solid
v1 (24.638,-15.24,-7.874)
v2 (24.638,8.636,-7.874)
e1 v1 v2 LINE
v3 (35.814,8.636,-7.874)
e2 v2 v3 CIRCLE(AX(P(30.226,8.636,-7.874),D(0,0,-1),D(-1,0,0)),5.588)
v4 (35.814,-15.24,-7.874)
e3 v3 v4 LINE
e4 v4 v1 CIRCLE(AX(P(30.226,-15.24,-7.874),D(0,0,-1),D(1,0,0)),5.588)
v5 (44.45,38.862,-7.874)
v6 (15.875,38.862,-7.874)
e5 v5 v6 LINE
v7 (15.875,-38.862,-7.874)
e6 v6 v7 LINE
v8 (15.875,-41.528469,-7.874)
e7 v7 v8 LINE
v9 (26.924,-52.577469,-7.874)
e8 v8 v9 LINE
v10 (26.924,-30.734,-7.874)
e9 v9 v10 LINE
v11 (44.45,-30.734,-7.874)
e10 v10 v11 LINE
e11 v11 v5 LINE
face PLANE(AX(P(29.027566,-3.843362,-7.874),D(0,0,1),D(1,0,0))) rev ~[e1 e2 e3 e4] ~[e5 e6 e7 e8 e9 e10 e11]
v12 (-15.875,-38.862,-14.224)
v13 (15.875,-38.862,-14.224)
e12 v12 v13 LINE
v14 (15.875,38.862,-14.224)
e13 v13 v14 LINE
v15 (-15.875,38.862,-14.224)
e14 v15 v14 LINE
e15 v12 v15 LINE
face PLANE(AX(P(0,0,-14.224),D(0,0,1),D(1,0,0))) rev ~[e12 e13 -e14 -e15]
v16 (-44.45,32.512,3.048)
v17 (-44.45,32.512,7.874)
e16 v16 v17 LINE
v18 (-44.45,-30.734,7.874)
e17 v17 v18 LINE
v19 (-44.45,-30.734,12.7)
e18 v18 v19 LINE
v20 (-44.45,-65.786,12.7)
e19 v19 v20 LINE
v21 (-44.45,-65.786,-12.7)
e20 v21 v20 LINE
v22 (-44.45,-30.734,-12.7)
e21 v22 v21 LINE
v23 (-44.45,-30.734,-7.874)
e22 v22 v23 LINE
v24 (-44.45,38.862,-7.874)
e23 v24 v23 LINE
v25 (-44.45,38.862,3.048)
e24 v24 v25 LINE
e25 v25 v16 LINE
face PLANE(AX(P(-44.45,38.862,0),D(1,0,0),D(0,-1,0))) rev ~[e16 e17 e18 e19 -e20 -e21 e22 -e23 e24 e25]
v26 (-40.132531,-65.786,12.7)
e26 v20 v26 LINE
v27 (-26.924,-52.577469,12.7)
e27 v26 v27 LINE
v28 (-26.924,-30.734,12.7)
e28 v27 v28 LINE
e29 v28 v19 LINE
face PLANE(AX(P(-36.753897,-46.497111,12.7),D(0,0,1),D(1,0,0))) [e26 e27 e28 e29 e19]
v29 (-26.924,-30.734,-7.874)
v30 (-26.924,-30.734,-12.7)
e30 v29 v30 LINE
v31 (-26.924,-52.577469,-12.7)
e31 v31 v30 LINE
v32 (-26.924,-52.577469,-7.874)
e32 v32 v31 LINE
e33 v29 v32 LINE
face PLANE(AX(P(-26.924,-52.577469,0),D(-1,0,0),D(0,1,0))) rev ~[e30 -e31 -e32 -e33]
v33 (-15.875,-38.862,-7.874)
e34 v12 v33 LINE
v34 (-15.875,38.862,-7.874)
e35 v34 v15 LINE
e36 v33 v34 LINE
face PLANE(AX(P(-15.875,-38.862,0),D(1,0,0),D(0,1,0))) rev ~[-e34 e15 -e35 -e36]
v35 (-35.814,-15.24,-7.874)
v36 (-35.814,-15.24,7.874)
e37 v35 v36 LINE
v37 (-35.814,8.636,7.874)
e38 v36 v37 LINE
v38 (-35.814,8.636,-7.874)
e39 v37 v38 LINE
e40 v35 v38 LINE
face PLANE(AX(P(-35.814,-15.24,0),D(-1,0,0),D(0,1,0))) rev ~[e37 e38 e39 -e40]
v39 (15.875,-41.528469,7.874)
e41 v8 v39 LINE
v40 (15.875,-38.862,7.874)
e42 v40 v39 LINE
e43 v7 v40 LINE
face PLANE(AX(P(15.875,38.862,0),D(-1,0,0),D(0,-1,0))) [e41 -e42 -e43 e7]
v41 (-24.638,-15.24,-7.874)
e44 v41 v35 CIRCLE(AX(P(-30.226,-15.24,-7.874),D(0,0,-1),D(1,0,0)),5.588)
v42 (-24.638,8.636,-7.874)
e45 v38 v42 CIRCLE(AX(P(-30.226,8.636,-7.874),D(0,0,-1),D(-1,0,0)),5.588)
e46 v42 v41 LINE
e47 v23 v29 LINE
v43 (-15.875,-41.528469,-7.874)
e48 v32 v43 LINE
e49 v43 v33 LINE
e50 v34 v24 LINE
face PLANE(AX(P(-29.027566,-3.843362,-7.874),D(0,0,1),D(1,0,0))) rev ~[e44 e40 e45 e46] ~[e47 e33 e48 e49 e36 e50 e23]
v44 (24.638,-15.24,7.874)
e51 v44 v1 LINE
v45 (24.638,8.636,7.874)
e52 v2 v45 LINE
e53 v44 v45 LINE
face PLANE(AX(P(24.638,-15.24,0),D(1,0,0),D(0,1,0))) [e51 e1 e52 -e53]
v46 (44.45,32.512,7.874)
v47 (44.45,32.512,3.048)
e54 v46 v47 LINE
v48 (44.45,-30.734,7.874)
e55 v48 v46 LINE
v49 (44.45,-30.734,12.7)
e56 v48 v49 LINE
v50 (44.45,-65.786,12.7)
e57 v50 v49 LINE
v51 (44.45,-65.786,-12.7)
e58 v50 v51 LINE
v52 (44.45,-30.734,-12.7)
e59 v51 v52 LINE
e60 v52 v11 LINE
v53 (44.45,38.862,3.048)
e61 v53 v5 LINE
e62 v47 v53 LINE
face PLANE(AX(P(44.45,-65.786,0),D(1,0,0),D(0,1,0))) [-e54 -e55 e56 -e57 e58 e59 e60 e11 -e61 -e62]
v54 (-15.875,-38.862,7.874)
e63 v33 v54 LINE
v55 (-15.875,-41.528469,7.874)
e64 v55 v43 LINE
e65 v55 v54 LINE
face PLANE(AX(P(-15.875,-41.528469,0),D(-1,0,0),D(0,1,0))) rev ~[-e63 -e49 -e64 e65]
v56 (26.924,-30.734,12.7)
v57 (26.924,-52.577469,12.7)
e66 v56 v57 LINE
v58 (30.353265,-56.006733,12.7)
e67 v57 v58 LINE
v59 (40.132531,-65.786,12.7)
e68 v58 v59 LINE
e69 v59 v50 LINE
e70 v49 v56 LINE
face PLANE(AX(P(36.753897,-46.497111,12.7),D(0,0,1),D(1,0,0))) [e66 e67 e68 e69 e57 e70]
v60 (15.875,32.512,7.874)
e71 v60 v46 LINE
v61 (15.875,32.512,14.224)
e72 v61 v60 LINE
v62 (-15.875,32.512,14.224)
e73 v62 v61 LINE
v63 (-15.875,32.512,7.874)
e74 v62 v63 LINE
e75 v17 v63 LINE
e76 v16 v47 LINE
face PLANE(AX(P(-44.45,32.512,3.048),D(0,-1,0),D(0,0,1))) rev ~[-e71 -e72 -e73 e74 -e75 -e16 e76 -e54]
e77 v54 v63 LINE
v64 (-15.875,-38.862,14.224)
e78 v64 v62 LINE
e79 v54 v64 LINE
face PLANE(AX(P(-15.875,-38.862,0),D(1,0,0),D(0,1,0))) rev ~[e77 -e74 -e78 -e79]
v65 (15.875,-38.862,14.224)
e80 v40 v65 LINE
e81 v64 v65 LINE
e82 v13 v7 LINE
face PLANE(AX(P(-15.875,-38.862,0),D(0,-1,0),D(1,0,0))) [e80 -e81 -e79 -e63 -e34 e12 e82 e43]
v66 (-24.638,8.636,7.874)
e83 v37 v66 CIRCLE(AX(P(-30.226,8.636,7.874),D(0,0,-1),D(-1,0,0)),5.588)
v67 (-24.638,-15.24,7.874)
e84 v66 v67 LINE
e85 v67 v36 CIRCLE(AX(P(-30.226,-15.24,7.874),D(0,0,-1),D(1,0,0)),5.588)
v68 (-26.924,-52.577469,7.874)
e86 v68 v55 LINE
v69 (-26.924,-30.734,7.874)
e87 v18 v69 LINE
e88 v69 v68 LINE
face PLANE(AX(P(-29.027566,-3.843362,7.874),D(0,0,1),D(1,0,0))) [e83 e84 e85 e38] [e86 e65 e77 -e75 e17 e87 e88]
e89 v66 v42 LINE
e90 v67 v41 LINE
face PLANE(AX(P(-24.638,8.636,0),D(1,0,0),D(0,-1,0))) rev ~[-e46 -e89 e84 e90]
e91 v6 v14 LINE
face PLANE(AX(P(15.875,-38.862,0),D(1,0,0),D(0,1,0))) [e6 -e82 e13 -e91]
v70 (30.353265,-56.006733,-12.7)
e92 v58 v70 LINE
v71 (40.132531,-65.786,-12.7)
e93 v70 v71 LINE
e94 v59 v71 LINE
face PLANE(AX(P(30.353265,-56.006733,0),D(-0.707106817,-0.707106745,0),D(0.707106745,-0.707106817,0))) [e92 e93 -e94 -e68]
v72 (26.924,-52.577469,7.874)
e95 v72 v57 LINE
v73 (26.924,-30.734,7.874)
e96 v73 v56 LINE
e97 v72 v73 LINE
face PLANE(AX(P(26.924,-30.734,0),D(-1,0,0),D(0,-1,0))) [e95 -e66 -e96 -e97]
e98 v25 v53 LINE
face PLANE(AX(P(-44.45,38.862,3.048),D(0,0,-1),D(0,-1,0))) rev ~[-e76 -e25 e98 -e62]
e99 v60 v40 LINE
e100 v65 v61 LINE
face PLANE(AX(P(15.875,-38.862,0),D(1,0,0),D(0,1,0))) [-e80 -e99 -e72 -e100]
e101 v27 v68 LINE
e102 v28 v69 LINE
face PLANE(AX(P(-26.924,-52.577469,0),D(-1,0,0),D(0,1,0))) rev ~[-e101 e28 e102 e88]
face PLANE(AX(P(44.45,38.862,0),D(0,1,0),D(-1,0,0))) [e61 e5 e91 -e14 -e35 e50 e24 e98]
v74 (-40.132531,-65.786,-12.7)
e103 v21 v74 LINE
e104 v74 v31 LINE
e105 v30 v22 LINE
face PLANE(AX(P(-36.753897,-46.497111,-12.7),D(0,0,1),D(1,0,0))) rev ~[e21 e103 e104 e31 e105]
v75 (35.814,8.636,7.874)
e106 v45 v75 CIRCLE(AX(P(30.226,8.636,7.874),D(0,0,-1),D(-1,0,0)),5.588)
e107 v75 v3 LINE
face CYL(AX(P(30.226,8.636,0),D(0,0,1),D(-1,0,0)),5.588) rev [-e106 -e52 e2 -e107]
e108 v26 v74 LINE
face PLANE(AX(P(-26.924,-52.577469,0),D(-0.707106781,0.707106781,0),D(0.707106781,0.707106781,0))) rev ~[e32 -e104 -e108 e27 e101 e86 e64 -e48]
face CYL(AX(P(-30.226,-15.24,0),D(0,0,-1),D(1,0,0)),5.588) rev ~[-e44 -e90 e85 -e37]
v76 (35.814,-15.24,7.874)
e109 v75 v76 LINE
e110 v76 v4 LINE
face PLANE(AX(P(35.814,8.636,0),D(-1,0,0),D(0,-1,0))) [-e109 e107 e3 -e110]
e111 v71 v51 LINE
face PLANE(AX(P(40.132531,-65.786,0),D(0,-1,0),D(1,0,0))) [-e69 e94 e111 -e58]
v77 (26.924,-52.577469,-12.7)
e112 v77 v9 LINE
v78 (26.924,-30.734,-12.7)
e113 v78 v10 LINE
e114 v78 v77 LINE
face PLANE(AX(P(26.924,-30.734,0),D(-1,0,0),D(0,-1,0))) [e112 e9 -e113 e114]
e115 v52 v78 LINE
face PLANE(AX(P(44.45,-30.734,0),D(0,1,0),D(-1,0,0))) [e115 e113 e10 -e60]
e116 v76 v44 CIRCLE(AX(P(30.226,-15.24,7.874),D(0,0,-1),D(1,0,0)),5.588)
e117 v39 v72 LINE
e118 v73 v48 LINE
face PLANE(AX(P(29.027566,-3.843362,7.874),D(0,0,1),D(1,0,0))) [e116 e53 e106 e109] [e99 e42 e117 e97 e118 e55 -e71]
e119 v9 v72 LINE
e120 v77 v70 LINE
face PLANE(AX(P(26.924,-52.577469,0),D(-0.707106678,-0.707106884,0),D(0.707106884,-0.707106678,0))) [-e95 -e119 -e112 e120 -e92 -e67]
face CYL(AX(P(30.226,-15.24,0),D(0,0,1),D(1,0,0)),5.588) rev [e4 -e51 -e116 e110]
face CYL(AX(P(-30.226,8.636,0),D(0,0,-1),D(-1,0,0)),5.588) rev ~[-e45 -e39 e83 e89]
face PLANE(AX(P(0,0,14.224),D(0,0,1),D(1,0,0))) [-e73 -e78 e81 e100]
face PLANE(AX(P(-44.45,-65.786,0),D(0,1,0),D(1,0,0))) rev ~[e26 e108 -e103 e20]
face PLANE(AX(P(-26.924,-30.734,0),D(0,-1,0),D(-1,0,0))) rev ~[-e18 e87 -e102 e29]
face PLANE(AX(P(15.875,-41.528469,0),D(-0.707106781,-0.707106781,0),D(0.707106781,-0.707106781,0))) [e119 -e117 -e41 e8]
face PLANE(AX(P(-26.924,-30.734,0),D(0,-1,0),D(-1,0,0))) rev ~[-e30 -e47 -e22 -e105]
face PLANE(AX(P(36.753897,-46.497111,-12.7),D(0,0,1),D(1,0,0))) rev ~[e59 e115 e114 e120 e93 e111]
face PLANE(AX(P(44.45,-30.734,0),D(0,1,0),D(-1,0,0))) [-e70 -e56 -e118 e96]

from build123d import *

# Parameters (mm, degrees)
F0_W     = 31.75
F0_H     = 77.724
F1_DEPTH = 14.224
F2_DEPTH = 7.874
F4_DEPTH = 88.901
F5_DEPTH = 12.7


with BuildPart() as f1:
    # F0 (on Top) → F1 (new body, symmetric)
    with BuildSketch(Plane.XY):
        Rectangle(F0_W, F0_H)
    extrude(amount=F1_DEPTH, both=True)

    # F0 (on Top) → F2 (join, symmetric)
    with BuildSketch(Plane.XY):
        Polygon((-15.875, -38.862), (-15.875, 38.862), (-44.45, 38.862), (-44.45, -30.734), (-26.924, -30.734), (-26.924, -52.577469), (-15.875, -41.528469), align=None)
        with BuildLine():
            Line((-35.814, -15.24), (-35.814, 8.636))
            ThreePointArc((-35.814, 8.636), (-30.226, 14.224), (-24.638, 8.636))
            Line((-24.638, 8.636), (-24.638, -15.24))
            ThreePointArc((-24.638, -15.24), (-30.226, -20.828), (-35.814, -15.24))
        make_face(mode=Mode.SUBTRACT)
        Polygon((44.45, 38.862), (15.875, 38.862), (15.875, -38.862), (15.875, -41.528469), (26.924, -52.577469), (26.924, -30.734), (44.45, -30.734), align=None)
        with BuildLine():
            ThreePointArc((24.638, 8.636), (30.226, 14.224), (35.814, 8.636))
            Line((35.814, 8.636), (35.814, -15.24))
            ThreePointArc((35.814, -15.24), (30.226, -20.828), (24.638, -15.24))
            Line((24.638, -15.24), (24.638, 8.636))
        make_face(mode=Mode.SUBTRACT)
    extrude(amount=F2_DEPTH, both=True)

    # F3 (on face) → F4 (cut, through all)
    with BuildSketch(Plane(origin=(-44.45, 0, 0), x_dir=(0, -1, 0), z_dir=(-1, 0, 0))):
        Polygon((-38.862, 7.874), (-38.862, 3.048), (-32.512, 3.048), (-32.512, 17.1704), (-38.862, 17.1704), align=None)
    extrude(amount=-F4_DEPTH, mode=Mode.SUBTRACT)

    # F0 (on Top) → F5 (join, symmetric)
    with BuildSketch(Plane.XY):
        Polygon((-26.924, -30.734), (-44.45, -30.734), (-44.45, -65.786), (-40.132531, -65.786), (-30.353265, -56.006734), (-26.924, -52.577469), align=None)
        Polygon((44.45, -65.786), (44.45, -30.734), (26.924, -30.734), (26.924, -52.577469), (30.353265, -56.006733), (40.132531, -65.786), align=None)
    extrude(amount=F5_DEPTH, both=True)


solid = f1.part
